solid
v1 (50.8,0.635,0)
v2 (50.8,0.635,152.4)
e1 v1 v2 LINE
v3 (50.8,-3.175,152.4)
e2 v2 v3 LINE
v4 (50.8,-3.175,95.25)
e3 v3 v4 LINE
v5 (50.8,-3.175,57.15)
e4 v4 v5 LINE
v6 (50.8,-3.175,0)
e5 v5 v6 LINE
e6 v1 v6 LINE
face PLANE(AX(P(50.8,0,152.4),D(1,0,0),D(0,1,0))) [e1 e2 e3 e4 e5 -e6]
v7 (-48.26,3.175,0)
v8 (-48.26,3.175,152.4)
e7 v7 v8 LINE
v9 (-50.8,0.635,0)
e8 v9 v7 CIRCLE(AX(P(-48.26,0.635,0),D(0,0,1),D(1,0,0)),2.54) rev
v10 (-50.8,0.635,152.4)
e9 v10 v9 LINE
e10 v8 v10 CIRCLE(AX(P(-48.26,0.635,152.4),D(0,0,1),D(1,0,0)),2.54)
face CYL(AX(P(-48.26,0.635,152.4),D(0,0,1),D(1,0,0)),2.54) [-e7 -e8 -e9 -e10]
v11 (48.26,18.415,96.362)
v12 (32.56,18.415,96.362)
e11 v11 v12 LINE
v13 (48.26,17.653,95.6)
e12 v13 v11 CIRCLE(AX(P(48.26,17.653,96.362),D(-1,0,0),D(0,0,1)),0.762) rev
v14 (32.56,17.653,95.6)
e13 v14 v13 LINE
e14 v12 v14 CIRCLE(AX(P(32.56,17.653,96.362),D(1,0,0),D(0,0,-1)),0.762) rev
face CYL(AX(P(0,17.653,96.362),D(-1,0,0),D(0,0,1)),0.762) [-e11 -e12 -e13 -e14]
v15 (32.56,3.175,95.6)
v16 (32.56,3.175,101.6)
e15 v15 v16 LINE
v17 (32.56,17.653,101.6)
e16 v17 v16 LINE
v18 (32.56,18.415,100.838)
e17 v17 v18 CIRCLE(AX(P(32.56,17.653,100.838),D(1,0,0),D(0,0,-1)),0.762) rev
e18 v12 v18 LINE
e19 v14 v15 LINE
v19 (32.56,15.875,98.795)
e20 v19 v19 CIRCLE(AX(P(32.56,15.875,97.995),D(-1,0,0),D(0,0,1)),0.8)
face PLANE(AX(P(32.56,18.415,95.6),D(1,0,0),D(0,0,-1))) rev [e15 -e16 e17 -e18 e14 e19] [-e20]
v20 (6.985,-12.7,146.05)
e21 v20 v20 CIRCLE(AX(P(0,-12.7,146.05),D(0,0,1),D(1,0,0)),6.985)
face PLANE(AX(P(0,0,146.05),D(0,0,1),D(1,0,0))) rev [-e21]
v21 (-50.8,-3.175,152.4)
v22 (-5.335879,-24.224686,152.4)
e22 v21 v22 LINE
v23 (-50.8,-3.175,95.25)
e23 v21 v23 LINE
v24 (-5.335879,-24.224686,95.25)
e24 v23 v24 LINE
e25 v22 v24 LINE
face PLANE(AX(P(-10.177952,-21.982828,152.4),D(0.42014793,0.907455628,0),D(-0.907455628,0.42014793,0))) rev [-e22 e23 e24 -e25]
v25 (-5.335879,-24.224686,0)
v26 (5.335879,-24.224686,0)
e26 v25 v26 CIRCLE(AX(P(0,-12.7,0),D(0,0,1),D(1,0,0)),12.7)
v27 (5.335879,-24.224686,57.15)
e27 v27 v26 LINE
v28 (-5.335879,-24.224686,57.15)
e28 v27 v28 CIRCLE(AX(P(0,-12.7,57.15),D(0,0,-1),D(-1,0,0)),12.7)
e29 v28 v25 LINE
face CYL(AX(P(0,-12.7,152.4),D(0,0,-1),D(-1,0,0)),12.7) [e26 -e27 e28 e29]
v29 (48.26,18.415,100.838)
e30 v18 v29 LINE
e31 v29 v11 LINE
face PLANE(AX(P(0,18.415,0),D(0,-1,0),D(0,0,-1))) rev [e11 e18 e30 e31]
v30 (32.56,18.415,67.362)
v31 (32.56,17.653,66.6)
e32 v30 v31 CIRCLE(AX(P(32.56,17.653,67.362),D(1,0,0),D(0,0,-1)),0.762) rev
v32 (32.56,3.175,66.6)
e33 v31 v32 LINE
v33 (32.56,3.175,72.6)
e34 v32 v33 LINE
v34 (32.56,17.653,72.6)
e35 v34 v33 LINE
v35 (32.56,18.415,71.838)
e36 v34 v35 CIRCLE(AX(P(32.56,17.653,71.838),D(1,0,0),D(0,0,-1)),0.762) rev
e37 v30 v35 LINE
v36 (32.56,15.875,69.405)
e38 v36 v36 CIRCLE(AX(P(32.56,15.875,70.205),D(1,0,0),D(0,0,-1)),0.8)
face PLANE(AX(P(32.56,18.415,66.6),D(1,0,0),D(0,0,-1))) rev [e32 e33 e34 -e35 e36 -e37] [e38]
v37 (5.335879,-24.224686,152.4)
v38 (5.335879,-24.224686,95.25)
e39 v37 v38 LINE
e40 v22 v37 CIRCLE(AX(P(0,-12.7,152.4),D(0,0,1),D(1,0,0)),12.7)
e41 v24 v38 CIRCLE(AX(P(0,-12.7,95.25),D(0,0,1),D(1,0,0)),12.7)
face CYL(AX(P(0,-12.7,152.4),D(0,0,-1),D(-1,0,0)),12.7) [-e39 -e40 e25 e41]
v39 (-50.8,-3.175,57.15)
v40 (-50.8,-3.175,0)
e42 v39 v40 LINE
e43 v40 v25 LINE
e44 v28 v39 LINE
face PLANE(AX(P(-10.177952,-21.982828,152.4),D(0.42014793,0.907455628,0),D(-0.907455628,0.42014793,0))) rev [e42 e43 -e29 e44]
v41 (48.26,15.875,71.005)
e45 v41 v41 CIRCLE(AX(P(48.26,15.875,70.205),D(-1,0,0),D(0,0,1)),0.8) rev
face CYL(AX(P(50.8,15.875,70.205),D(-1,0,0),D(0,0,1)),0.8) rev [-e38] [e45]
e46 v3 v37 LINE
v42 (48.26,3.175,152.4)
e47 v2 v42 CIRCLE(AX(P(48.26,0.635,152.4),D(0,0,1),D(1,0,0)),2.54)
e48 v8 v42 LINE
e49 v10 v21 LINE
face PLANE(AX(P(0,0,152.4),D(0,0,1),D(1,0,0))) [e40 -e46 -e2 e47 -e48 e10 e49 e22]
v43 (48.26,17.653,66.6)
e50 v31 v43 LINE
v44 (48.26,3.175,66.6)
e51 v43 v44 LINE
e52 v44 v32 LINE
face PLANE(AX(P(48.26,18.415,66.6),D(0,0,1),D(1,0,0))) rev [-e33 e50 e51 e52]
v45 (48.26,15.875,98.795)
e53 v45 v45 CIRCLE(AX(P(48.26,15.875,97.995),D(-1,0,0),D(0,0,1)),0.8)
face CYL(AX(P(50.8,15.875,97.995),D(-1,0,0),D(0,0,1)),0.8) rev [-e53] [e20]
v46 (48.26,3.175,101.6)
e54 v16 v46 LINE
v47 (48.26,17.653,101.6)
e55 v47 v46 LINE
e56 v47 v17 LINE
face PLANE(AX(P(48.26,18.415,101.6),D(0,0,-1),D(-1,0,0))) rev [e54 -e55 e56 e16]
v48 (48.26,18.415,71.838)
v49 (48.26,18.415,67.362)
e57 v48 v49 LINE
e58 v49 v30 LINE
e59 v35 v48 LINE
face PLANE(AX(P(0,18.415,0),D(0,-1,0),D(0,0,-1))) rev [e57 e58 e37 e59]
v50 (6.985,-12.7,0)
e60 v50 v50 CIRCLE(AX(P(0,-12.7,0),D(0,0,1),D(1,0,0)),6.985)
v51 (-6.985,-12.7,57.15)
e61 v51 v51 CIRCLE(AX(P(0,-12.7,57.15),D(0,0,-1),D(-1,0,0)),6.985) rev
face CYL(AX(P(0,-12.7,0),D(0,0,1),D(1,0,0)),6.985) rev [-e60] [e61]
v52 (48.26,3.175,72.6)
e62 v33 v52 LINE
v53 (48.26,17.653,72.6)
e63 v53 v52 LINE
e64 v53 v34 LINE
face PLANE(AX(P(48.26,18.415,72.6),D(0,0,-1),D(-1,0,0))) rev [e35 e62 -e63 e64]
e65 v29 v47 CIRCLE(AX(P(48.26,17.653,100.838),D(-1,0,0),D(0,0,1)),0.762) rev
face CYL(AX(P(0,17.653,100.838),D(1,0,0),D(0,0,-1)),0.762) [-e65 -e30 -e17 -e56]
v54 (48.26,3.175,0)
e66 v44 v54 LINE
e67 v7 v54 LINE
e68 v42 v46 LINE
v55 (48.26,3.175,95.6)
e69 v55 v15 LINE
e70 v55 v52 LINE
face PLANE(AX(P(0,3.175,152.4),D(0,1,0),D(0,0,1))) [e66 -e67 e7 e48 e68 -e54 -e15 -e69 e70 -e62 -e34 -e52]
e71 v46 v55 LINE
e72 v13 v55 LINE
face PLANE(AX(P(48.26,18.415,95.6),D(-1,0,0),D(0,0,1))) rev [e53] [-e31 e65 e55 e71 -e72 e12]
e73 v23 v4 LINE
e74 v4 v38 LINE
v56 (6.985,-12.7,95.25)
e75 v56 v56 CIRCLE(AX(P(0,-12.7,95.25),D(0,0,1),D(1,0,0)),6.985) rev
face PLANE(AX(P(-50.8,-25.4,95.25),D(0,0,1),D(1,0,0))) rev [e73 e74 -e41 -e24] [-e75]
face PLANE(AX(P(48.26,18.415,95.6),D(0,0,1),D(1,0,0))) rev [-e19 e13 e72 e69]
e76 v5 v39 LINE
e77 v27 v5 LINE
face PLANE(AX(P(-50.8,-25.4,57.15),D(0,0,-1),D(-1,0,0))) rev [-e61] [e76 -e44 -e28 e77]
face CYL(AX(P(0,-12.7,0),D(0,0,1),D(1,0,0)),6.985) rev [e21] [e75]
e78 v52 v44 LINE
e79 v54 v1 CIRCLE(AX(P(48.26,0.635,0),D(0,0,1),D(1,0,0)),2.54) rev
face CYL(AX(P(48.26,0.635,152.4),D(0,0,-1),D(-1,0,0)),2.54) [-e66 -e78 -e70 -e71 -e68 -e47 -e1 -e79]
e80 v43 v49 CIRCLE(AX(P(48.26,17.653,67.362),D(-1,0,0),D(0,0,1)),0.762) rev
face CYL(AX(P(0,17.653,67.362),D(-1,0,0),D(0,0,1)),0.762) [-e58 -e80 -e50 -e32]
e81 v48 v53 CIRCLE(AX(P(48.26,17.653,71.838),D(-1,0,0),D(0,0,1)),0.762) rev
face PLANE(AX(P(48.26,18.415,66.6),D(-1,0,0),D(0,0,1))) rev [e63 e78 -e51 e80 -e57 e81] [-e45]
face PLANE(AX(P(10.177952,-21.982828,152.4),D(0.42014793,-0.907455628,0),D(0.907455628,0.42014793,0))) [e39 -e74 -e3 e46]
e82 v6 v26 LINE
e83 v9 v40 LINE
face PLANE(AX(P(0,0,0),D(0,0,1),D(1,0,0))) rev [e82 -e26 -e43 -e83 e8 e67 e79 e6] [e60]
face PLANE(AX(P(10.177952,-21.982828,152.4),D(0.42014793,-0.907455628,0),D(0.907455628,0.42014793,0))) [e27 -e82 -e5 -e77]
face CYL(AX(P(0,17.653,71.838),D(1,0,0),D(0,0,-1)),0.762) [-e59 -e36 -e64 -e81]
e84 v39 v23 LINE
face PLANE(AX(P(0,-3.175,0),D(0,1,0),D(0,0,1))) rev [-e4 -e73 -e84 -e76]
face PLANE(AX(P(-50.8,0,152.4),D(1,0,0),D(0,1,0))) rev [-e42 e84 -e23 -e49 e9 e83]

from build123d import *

# Parameters (mm, degrees)
SKETCH2_W               = 101.6
SKETCH2_H               = 6.35
BOSS_EXTRUDE1_DEPTH     = 152.4
CUT_EXTRUDE1_START      = -6.35
SKETCH3_R               = 6.985
CUT_EXTRUDE1_DEPTH      = 157.289355631
CUT_EXTRUDE2_START      = -6.35
SKETCH4_W               = 101.6
SKETCH4_H               = 38.1
CUT_EXTRUDE2_DEPTH      = 157.815347501
FILLET4_R               = 2.54
SKETCH5_W               = 15.7
SKETCH5_H               = 6
BOSS_EXTRUDE2_DEPTH     = 15.24
SKETCH6_R               = 0.8
CUT_EXTRUDE4_DEPTH      = 176.555716512
FILLET7_R               = 0.762
FILLET8_R               = 0.762
TAP_DRILL_FOR_M2_TAP3_D = 1.6


with BuildPart() as part:
    # Sketch2 → Boss-Extrude1 (new body)
    with BuildSketch(Plane.XY):
        with BuildLine():
            Line((-50.8, -3.175), (-5.335878714, -24.224686475))
            ThreePointArc((-5.335878714, -24.224686475), (0, -25.4), (5.335878714, -24.224686475))
            Line((5.335878714, -24.224686475), (50.8, -3.175))
            Line((50.8, -3.175), (-50.8, -3.175))
        make_face()
        Rectangle(SKETCH2_W, SKETCH2_H)
    extrude(amount=BOSS_EXTRUDE1_DEPTH)

    # Sketch3 → Cut-Extrude1 (cut, through all)
    with BuildSketch(Plane.XY.offset(152.4).offset(CUT_EXTRUDE1_START)):
        with Locations((0, -12.7)):
            Circle(SKETCH3_R)
    extrude(amount=-CUT_EXTRUDE1_DEPTH, mode=Mode.SUBTRACT)

    # Sketch4 → Cut-Extrude2 (cut, through all)
    with BuildSketch(Plane(origin=(0, 3.175, 0), x_dir=(1, 0, 0), z_dir=(0, 1, 0)).offset(CUT_EXTRUDE2_START)):
        with Locations((0, -76.2)):
            Rectangle(SKETCH4_W, SKETCH4_H)
    extrude(amount=-CUT_EXTRUDE2_DEPTH, mode=Mode.SUBTRACT)

    # Fillet4
    fillet4_edges = [part.edges().sort_by_distance(p)[0] for p in [
        (-50.8, 3.175, 76.2),
        (50.8, 3.175, 76.2),
    ]]
    fillet(fillet4_edges, radius=FILLET4_R)

    # Sketch5 → Boss-Extrude2 (add)
    with BuildSketch(Plane(origin=(0, 3.175, 0), x_dir=(1, 0, 0), z_dir=(0, 1, 0))):
        with Locations((40.41, -98.6)):
            Rectangle(SKETCH5_W, SKETCH5_H)
        with Locations((40.41, -69.6)):
            Rectangle(SKETCH5_W, SKETCH5_H)
    extrude(amount=BOSS_EXTRUDE2_DEPTH)

    # Sketch6 → Cut-Extrude4 (cut, through all)
    with BuildSketch(Plane.ZY.offset(-32.56)):
        with Locations((97.995000084, 15.875)):
            Circle(SKETCH6_R)
        with Locations((70.204999916, 15.875)):
            Circle(SKETCH6_R)
    extrude(amount=-CUT_EXTRUDE4_DEPTH, mode=Mode.SUBTRACT)

    # Fillet7
    fillet7_edges = [part.edges().sort_by_distance(p)[0] for p in [
        (40.41, 18.415, 95.6),
        (40.41, 18.415, 101.6),
    ]]
    fillet(fillet7_edges, radius=FILLET7_R)

    # Fillet8
    fillet8_edges = [part.edges().sort_by_distance(p)[0] for p in [
        (40.41, 18.415, 66.6),
        (40.41, 18.415, 72.6),
    ]]
    fillet(fillet8_edges, radius=FILLET8_R)

    # Tap Drill for M2 Tap3 (through all)
    with Locations(Plane.ZY.offset(-32.56)):
        with Locations((97.995000084, 15.875), (70.204999916, 15.875)):
            Hole(TAP_DRILL_FOR_M2_TAP3_D / 2)


solid = part.part
